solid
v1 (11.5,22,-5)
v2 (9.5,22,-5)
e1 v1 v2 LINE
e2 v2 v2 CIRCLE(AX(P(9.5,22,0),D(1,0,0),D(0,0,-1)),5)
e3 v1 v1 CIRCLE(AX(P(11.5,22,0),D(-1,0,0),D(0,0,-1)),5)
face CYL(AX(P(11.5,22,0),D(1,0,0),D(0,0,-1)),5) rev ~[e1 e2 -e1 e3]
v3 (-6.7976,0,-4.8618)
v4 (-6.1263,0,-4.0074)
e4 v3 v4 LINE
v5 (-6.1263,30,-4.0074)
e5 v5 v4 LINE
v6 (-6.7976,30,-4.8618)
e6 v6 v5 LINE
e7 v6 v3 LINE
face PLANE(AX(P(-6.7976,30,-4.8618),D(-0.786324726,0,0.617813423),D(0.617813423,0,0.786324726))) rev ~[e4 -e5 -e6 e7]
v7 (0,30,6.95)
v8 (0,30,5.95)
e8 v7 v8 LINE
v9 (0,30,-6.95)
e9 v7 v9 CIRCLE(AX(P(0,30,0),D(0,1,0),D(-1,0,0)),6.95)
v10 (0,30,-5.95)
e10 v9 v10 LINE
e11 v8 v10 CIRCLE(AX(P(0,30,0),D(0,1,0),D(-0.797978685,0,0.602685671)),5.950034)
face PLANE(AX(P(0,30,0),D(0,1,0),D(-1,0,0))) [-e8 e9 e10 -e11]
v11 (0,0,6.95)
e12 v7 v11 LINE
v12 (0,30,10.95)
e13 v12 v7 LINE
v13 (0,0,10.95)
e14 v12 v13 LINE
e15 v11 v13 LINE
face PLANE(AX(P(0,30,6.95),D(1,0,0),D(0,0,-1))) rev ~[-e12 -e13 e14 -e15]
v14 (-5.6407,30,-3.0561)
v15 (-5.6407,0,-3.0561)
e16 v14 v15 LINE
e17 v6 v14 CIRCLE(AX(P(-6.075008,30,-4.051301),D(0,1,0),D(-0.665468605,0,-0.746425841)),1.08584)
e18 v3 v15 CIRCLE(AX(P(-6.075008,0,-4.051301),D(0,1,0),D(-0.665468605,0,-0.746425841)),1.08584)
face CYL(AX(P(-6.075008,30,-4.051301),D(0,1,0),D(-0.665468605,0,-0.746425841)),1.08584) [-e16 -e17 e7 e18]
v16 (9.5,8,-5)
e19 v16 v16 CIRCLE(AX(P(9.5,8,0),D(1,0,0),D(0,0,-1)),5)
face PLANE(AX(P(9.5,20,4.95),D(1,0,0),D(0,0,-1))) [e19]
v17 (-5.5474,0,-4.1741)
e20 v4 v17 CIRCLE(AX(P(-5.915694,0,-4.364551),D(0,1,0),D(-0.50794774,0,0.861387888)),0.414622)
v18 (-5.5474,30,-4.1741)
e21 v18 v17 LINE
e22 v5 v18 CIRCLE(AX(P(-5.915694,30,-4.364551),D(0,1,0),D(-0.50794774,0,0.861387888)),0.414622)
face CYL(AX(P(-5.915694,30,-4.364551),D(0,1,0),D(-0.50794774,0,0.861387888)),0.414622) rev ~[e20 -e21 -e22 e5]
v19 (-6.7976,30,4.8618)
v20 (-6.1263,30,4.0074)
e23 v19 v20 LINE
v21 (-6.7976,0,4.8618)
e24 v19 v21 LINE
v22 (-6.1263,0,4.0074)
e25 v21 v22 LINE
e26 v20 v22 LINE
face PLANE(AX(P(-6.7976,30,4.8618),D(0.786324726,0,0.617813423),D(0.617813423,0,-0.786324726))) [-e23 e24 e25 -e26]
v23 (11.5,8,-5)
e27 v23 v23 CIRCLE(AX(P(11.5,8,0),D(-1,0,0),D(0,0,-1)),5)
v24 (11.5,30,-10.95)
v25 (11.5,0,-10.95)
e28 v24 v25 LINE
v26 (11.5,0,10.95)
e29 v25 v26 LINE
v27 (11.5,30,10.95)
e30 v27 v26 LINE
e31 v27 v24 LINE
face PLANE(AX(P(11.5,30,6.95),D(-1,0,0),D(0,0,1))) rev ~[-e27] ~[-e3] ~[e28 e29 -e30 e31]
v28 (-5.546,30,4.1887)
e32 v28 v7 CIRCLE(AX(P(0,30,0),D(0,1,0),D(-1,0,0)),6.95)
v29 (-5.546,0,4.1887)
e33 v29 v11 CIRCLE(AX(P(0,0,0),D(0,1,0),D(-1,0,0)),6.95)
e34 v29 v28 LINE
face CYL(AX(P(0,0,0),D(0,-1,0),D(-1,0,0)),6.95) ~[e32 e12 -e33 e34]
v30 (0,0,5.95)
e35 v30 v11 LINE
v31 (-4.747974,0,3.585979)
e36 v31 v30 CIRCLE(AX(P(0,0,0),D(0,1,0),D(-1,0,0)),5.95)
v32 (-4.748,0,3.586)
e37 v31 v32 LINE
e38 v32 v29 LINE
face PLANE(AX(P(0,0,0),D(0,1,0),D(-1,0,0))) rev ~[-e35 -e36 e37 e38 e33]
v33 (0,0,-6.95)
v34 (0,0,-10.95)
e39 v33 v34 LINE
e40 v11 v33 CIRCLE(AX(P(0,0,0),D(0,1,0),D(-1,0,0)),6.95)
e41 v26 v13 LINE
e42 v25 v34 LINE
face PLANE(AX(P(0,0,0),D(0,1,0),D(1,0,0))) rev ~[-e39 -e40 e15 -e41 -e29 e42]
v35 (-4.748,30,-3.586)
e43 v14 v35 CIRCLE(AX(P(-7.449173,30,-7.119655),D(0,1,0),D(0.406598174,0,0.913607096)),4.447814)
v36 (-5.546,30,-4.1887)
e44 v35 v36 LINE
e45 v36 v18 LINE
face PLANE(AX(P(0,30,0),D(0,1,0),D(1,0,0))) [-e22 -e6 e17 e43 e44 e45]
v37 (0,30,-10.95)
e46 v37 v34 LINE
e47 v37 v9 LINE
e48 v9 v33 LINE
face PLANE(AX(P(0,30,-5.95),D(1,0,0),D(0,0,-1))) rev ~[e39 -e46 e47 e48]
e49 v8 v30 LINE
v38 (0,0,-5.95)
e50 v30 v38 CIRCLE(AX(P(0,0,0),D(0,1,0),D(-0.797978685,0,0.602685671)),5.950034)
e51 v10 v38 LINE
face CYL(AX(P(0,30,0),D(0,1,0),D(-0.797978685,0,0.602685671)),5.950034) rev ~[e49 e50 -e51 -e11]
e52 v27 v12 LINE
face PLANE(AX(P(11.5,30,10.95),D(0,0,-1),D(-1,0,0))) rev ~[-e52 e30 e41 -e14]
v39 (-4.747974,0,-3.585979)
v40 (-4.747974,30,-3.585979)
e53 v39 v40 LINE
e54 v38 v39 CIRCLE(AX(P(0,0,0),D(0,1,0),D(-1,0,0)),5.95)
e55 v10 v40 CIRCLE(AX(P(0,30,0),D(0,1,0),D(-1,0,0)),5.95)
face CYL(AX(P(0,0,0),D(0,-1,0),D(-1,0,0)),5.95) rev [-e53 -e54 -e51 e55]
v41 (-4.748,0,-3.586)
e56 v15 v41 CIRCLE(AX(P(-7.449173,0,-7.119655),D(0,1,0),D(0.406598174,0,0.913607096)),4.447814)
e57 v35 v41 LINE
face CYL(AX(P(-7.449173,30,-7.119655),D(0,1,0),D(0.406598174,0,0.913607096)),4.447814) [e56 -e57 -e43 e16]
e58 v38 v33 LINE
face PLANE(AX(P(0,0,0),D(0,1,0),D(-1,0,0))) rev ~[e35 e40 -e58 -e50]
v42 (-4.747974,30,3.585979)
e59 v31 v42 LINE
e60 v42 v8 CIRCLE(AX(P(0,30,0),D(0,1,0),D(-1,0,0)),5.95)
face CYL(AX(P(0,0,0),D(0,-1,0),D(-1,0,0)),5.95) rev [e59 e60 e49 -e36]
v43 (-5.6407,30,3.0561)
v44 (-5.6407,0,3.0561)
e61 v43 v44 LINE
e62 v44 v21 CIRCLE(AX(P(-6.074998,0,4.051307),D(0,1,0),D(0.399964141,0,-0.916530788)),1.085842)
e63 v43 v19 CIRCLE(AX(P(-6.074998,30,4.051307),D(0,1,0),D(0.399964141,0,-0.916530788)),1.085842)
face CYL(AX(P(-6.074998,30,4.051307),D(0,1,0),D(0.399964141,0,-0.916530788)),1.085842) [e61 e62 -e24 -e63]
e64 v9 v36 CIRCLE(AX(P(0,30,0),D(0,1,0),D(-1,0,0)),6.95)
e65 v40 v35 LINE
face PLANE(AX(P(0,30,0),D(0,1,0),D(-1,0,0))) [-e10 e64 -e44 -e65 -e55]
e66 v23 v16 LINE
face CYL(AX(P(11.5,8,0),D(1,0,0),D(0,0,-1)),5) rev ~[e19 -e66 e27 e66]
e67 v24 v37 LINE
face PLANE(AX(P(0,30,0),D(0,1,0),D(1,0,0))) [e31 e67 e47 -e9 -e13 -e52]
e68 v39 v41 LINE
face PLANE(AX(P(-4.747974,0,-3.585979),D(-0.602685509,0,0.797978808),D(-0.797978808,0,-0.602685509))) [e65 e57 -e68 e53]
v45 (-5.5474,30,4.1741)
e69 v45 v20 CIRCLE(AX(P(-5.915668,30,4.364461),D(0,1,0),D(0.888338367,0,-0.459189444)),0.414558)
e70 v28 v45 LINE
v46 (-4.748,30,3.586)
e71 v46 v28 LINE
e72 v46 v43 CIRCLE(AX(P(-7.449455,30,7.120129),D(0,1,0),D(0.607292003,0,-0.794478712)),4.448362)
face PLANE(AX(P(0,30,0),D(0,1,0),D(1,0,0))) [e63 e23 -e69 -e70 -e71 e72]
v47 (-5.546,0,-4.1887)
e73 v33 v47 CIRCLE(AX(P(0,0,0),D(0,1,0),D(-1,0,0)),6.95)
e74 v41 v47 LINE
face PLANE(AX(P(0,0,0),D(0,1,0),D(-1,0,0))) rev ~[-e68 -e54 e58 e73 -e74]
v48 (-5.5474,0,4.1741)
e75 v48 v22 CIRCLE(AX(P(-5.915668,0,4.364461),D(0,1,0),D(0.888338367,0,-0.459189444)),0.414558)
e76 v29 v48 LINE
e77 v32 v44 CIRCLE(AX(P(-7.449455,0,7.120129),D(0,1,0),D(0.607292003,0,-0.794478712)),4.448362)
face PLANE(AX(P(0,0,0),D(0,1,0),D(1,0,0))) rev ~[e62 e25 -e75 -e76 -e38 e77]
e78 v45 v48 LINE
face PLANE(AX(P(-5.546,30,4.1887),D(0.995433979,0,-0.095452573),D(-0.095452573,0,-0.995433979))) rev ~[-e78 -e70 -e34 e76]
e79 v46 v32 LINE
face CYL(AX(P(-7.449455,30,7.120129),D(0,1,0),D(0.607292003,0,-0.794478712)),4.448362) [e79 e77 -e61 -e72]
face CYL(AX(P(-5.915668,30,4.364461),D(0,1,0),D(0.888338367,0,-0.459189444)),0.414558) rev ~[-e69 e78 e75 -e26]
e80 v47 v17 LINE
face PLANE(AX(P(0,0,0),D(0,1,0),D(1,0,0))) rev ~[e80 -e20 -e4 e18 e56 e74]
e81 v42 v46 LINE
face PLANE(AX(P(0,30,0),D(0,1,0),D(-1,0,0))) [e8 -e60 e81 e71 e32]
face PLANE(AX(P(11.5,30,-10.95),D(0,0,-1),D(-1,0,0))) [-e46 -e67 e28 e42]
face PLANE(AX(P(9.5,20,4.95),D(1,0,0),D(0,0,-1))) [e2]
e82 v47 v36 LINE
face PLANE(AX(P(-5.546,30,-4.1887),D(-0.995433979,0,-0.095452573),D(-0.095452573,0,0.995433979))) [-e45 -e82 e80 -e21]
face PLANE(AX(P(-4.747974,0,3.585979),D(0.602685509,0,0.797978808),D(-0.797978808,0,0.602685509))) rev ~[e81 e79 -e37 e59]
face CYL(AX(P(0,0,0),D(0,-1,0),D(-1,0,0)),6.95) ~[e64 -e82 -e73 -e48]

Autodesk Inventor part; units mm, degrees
ref_plane "YZ Plane" through (0, 0, 0) normal (1, 0, 0) x (0, 1, 0)
ref_plane "XZ Plane" through (0, 0, 0) normal (0, 1, 0) x (-1, 0, 0)
ref_plane "XY Plane" through (0, 0, 0) normal (0, 0, 1) x (1, 0, 0)
sketch "Эскиз1" plane through (0, 0, 0) normal (0, 1, 0) x (-1, 0, 0)
  circle A0 centre (0, 0) radius 5.95
  circle A1 centre (0, 0) radius 6.95
  line L0 (0, 0) -> (5.546, 4.1887)
  line L1 (0, 0) -> (5.546, -4.1887)
  point P0 (4.748, -3.586)
  point P1 (4.748, 3.586)
  dimension "d0" = 11.9
  dimension "d1" = 13.9
extrude "Выдавливание1" add sketch "Эскиз1" along normal blind 30 contours A0 L1 A1 L0 picked at (4.878, 4.401)
sketch "Эскиз2" plane through (0, 30, 0) normal (0, 1, 0) x (1, 0, 0)
  arc A0 (-4.748, -3.586) -> (-5.6407, -3.0561) centre (-7.4493, -7.1199) ccw
  arc A1 (-5.6407, -3.0561) -> (-6.7976, -4.8618) centre (-6.075, -4.0513) ccw
  line L0 (-6.7976, -4.8618) -> (-6.1263, -4.0074)
  arc A2 (-5.5474, -4.1741) -> (-6.1263, -4.0074) centre (-5.9157, -4.3645) ccw
  line L1 (-4.748, -3.586) -> (-5.546, -4.1887)
  line L2 (-5.546, -4.1887) -> (-4.748, -3.586)
  line L3 (-5.546, -4.1887) -> (-5.5474, -4.1741)
  line L4 (-0.0151, 0) -> (-3.489, 0)
  arc A3 (-5.6407, 3.0561) -> (-4.748, 3.586) centre (-7.4493, 7.1199) ccw
  arc A4 (-6.1263, 4.0074) -> (-5.5474, 4.1741) centre (-5.9157, 4.3645) ccw
  line L5 (-4.748, 3.586) -> (-5.546, 4.1887)
  line L6 (-5.546, 4.1887) -> (-4.748, 3.586)
  line L7 (-5.546, 4.1887) -> (-5.5474, 4.1741)
  arc A5 (-6.7976, 4.8618) -> (-5.6407, 3.0561) centre (-6.075, 4.0513) ccw
  line L8 (-6.7976, 4.8618) -> (-6.1263, 4.0074)
  point P0 (-4.748, 3.586)
  point P1 (-5.546, -4.1887)
  point P2 (-5.3694, -4.0591)
  point P3 (-5.3694, 4.0591)
  dimension "d25" = 1.0859
sketch "Эскиз3" plane through (0, 30, 0) normal (0, 1, 0) x (1, 0, 0)
  arc A0 (-5.546, -4.1887) -> (-5.546, 4.1887) centre (0, 0) ccw projected
  line L0 (11.5, -6.95) -> (11.5, 6.95)
  arc A1 (-4.748, -3.586) -> (-4.748, 3.586) centre (0, 0) ccw projected
  line L1 (0, -6.95) -> (0, -5.95)
  line L2 (0, 5.95) -> (0, 6.95)
  line L3 (11.5, 6.95) -> (11.5, 10.95)
  line L4 (11.5, -6.95) -> (11.5, -10.95)
  line L5 (0, 2.45) -> (0, 6.95)
  line L6 (11.5, -10.95) -> (0, -10.95)
  line L7 (0, -10.95) -> (0, -6.95)
  line L8 (11.5, 10.95) -> (0, 10.95)
  line L9 (0, 10.95) -> (0, 6.95)
  arc A2 (0, -5.95) -> (0, 5.95) centre (0, 0) ccw
  dimension "d13" = 4
  dimension "d14" = 4
  dimension "d22" = 21.9
  dimension "d23" = 5
extrude "Выдавливание3" add sketch "Эскиз3" against normal blind 30
ref_plane "РабПлоскость1" through (11.5, 20, 4.95) normal (1, 0, 0) x (0, 0, -1)
sketch "Эскиз4" plane through (11.5, 20, 4.95) normal (1, 0, 0) x (0, 0, -1)
  line L0 (4.95, -20) -> (4.95, 10)
  line L1 (1, 10) -> (8.9, 10) projected
  circle A0 centre (4.95, -12) radius 5
  line L2 (14.4, -20) -> (-4.5, -20) projected
  circle A1 centre (4.95, 2) radius 5
  line L3 (-4.5, 10) -> (14.4, 10) projected
  point P0 (7.3306, 10)
  point P1 (2.5694, 10)
  point P2 (4.95, 10)
  dimension "d15" = 10
  dimension "d16" = 8
  dimension "d17" = 10
  dimension "d18" = 8
extrude "Выдавливание4" cut sketch "Эскиз4" against normal blind 2
extrude "Выдавливание5" add sketch "Эскиз2" against normal blind 30
sketch "Эскиз5" plane through (0, 30, 0) normal (0, 1, 0) x (1, 0, 0)
  arc A0 (0, 6.95) -> (-5.546, 4.1887) centre (0, 0) ccw projected
  line L0 (-5.546, 4.1887) -> (-5.5474, 4.1741) projected
  arc A1 (-6.1263, 4.0074) -> (-5.5474, 4.1741) centre (-5.9157, 4.3645) ccw projected
  line L1 (-6.1263, 4.0074) -> (-6.7976, 4.8618) projected
  arc A2 (-6.7976, 4.8618) -> (-5.6407, 3.0561) centre (-6.075, 4.0513) ccw projected
  arc A3 (-5.6407, 3.0561) -> (-4.748, 3.586) centre (-7.4493, 7.1199) ccw projected
  arc A4 (-4.748, -3.586) -> (-4.748, 3.586) centre (0, 0) ccw projected
  arc A5 (-4.748, -3.586) -> (-5.6407, -3.0561) centre (-7.4493, -7.1199) ccw projected
  arc A6 (-5.6407, -3.0561) -> (-6.7976, -4.8618) centre (-6.075, -4.0513) ccw projected
  line L2 (-6.7976, -4.8618) -> (-6.1263, -4.0074) projected
  arc A7 (-5.5474, -4.1741) -> (-6.1263, -4.0074) centre (-5.9157, -4.3645) ccw projected
  line L3 (-5.5474, -4.1741) -> (-5.546, -4.1887) projected
  arc A8 (-5.546, -4.1887) -> (0, -6.95) centre (0, 0) ccw projected
  line L4 (0, -6.95) -> (0, -10.95) projected
  line L5 (0, -10.95) -> (11.5, -10.95) projected
  line L6 (11.5, -10.95) -> (11.5, 10.95) projected
  line L7 (11.5, 10.95) -> (0, 10.95) projected
  line L8 (0, 10.95) -> (0, 6.95) projected
  line L9 (0, 5.95) -> (0, 6.95)
  line L10 (0, -5.95) -> (0, -6.95)
extrude "Выдавливание6" [suppressed]
sketch "Эскиз6" plane through (11.5, 30, 10.95) normal (1, 0, 0) x (0, 0, -1)
  arc A0 (15.95, -22) -> (15.95, -22) centre (10.95, -22) ccw projected
  arc A1 (15.95, -8) -> (15.95, -8) centre (10.95, -8) ccw projected
  point P0 (10.95, -30)
extrude "Выдавливание7" [suppressed]
properties part number "крепление маркера 12мм"
